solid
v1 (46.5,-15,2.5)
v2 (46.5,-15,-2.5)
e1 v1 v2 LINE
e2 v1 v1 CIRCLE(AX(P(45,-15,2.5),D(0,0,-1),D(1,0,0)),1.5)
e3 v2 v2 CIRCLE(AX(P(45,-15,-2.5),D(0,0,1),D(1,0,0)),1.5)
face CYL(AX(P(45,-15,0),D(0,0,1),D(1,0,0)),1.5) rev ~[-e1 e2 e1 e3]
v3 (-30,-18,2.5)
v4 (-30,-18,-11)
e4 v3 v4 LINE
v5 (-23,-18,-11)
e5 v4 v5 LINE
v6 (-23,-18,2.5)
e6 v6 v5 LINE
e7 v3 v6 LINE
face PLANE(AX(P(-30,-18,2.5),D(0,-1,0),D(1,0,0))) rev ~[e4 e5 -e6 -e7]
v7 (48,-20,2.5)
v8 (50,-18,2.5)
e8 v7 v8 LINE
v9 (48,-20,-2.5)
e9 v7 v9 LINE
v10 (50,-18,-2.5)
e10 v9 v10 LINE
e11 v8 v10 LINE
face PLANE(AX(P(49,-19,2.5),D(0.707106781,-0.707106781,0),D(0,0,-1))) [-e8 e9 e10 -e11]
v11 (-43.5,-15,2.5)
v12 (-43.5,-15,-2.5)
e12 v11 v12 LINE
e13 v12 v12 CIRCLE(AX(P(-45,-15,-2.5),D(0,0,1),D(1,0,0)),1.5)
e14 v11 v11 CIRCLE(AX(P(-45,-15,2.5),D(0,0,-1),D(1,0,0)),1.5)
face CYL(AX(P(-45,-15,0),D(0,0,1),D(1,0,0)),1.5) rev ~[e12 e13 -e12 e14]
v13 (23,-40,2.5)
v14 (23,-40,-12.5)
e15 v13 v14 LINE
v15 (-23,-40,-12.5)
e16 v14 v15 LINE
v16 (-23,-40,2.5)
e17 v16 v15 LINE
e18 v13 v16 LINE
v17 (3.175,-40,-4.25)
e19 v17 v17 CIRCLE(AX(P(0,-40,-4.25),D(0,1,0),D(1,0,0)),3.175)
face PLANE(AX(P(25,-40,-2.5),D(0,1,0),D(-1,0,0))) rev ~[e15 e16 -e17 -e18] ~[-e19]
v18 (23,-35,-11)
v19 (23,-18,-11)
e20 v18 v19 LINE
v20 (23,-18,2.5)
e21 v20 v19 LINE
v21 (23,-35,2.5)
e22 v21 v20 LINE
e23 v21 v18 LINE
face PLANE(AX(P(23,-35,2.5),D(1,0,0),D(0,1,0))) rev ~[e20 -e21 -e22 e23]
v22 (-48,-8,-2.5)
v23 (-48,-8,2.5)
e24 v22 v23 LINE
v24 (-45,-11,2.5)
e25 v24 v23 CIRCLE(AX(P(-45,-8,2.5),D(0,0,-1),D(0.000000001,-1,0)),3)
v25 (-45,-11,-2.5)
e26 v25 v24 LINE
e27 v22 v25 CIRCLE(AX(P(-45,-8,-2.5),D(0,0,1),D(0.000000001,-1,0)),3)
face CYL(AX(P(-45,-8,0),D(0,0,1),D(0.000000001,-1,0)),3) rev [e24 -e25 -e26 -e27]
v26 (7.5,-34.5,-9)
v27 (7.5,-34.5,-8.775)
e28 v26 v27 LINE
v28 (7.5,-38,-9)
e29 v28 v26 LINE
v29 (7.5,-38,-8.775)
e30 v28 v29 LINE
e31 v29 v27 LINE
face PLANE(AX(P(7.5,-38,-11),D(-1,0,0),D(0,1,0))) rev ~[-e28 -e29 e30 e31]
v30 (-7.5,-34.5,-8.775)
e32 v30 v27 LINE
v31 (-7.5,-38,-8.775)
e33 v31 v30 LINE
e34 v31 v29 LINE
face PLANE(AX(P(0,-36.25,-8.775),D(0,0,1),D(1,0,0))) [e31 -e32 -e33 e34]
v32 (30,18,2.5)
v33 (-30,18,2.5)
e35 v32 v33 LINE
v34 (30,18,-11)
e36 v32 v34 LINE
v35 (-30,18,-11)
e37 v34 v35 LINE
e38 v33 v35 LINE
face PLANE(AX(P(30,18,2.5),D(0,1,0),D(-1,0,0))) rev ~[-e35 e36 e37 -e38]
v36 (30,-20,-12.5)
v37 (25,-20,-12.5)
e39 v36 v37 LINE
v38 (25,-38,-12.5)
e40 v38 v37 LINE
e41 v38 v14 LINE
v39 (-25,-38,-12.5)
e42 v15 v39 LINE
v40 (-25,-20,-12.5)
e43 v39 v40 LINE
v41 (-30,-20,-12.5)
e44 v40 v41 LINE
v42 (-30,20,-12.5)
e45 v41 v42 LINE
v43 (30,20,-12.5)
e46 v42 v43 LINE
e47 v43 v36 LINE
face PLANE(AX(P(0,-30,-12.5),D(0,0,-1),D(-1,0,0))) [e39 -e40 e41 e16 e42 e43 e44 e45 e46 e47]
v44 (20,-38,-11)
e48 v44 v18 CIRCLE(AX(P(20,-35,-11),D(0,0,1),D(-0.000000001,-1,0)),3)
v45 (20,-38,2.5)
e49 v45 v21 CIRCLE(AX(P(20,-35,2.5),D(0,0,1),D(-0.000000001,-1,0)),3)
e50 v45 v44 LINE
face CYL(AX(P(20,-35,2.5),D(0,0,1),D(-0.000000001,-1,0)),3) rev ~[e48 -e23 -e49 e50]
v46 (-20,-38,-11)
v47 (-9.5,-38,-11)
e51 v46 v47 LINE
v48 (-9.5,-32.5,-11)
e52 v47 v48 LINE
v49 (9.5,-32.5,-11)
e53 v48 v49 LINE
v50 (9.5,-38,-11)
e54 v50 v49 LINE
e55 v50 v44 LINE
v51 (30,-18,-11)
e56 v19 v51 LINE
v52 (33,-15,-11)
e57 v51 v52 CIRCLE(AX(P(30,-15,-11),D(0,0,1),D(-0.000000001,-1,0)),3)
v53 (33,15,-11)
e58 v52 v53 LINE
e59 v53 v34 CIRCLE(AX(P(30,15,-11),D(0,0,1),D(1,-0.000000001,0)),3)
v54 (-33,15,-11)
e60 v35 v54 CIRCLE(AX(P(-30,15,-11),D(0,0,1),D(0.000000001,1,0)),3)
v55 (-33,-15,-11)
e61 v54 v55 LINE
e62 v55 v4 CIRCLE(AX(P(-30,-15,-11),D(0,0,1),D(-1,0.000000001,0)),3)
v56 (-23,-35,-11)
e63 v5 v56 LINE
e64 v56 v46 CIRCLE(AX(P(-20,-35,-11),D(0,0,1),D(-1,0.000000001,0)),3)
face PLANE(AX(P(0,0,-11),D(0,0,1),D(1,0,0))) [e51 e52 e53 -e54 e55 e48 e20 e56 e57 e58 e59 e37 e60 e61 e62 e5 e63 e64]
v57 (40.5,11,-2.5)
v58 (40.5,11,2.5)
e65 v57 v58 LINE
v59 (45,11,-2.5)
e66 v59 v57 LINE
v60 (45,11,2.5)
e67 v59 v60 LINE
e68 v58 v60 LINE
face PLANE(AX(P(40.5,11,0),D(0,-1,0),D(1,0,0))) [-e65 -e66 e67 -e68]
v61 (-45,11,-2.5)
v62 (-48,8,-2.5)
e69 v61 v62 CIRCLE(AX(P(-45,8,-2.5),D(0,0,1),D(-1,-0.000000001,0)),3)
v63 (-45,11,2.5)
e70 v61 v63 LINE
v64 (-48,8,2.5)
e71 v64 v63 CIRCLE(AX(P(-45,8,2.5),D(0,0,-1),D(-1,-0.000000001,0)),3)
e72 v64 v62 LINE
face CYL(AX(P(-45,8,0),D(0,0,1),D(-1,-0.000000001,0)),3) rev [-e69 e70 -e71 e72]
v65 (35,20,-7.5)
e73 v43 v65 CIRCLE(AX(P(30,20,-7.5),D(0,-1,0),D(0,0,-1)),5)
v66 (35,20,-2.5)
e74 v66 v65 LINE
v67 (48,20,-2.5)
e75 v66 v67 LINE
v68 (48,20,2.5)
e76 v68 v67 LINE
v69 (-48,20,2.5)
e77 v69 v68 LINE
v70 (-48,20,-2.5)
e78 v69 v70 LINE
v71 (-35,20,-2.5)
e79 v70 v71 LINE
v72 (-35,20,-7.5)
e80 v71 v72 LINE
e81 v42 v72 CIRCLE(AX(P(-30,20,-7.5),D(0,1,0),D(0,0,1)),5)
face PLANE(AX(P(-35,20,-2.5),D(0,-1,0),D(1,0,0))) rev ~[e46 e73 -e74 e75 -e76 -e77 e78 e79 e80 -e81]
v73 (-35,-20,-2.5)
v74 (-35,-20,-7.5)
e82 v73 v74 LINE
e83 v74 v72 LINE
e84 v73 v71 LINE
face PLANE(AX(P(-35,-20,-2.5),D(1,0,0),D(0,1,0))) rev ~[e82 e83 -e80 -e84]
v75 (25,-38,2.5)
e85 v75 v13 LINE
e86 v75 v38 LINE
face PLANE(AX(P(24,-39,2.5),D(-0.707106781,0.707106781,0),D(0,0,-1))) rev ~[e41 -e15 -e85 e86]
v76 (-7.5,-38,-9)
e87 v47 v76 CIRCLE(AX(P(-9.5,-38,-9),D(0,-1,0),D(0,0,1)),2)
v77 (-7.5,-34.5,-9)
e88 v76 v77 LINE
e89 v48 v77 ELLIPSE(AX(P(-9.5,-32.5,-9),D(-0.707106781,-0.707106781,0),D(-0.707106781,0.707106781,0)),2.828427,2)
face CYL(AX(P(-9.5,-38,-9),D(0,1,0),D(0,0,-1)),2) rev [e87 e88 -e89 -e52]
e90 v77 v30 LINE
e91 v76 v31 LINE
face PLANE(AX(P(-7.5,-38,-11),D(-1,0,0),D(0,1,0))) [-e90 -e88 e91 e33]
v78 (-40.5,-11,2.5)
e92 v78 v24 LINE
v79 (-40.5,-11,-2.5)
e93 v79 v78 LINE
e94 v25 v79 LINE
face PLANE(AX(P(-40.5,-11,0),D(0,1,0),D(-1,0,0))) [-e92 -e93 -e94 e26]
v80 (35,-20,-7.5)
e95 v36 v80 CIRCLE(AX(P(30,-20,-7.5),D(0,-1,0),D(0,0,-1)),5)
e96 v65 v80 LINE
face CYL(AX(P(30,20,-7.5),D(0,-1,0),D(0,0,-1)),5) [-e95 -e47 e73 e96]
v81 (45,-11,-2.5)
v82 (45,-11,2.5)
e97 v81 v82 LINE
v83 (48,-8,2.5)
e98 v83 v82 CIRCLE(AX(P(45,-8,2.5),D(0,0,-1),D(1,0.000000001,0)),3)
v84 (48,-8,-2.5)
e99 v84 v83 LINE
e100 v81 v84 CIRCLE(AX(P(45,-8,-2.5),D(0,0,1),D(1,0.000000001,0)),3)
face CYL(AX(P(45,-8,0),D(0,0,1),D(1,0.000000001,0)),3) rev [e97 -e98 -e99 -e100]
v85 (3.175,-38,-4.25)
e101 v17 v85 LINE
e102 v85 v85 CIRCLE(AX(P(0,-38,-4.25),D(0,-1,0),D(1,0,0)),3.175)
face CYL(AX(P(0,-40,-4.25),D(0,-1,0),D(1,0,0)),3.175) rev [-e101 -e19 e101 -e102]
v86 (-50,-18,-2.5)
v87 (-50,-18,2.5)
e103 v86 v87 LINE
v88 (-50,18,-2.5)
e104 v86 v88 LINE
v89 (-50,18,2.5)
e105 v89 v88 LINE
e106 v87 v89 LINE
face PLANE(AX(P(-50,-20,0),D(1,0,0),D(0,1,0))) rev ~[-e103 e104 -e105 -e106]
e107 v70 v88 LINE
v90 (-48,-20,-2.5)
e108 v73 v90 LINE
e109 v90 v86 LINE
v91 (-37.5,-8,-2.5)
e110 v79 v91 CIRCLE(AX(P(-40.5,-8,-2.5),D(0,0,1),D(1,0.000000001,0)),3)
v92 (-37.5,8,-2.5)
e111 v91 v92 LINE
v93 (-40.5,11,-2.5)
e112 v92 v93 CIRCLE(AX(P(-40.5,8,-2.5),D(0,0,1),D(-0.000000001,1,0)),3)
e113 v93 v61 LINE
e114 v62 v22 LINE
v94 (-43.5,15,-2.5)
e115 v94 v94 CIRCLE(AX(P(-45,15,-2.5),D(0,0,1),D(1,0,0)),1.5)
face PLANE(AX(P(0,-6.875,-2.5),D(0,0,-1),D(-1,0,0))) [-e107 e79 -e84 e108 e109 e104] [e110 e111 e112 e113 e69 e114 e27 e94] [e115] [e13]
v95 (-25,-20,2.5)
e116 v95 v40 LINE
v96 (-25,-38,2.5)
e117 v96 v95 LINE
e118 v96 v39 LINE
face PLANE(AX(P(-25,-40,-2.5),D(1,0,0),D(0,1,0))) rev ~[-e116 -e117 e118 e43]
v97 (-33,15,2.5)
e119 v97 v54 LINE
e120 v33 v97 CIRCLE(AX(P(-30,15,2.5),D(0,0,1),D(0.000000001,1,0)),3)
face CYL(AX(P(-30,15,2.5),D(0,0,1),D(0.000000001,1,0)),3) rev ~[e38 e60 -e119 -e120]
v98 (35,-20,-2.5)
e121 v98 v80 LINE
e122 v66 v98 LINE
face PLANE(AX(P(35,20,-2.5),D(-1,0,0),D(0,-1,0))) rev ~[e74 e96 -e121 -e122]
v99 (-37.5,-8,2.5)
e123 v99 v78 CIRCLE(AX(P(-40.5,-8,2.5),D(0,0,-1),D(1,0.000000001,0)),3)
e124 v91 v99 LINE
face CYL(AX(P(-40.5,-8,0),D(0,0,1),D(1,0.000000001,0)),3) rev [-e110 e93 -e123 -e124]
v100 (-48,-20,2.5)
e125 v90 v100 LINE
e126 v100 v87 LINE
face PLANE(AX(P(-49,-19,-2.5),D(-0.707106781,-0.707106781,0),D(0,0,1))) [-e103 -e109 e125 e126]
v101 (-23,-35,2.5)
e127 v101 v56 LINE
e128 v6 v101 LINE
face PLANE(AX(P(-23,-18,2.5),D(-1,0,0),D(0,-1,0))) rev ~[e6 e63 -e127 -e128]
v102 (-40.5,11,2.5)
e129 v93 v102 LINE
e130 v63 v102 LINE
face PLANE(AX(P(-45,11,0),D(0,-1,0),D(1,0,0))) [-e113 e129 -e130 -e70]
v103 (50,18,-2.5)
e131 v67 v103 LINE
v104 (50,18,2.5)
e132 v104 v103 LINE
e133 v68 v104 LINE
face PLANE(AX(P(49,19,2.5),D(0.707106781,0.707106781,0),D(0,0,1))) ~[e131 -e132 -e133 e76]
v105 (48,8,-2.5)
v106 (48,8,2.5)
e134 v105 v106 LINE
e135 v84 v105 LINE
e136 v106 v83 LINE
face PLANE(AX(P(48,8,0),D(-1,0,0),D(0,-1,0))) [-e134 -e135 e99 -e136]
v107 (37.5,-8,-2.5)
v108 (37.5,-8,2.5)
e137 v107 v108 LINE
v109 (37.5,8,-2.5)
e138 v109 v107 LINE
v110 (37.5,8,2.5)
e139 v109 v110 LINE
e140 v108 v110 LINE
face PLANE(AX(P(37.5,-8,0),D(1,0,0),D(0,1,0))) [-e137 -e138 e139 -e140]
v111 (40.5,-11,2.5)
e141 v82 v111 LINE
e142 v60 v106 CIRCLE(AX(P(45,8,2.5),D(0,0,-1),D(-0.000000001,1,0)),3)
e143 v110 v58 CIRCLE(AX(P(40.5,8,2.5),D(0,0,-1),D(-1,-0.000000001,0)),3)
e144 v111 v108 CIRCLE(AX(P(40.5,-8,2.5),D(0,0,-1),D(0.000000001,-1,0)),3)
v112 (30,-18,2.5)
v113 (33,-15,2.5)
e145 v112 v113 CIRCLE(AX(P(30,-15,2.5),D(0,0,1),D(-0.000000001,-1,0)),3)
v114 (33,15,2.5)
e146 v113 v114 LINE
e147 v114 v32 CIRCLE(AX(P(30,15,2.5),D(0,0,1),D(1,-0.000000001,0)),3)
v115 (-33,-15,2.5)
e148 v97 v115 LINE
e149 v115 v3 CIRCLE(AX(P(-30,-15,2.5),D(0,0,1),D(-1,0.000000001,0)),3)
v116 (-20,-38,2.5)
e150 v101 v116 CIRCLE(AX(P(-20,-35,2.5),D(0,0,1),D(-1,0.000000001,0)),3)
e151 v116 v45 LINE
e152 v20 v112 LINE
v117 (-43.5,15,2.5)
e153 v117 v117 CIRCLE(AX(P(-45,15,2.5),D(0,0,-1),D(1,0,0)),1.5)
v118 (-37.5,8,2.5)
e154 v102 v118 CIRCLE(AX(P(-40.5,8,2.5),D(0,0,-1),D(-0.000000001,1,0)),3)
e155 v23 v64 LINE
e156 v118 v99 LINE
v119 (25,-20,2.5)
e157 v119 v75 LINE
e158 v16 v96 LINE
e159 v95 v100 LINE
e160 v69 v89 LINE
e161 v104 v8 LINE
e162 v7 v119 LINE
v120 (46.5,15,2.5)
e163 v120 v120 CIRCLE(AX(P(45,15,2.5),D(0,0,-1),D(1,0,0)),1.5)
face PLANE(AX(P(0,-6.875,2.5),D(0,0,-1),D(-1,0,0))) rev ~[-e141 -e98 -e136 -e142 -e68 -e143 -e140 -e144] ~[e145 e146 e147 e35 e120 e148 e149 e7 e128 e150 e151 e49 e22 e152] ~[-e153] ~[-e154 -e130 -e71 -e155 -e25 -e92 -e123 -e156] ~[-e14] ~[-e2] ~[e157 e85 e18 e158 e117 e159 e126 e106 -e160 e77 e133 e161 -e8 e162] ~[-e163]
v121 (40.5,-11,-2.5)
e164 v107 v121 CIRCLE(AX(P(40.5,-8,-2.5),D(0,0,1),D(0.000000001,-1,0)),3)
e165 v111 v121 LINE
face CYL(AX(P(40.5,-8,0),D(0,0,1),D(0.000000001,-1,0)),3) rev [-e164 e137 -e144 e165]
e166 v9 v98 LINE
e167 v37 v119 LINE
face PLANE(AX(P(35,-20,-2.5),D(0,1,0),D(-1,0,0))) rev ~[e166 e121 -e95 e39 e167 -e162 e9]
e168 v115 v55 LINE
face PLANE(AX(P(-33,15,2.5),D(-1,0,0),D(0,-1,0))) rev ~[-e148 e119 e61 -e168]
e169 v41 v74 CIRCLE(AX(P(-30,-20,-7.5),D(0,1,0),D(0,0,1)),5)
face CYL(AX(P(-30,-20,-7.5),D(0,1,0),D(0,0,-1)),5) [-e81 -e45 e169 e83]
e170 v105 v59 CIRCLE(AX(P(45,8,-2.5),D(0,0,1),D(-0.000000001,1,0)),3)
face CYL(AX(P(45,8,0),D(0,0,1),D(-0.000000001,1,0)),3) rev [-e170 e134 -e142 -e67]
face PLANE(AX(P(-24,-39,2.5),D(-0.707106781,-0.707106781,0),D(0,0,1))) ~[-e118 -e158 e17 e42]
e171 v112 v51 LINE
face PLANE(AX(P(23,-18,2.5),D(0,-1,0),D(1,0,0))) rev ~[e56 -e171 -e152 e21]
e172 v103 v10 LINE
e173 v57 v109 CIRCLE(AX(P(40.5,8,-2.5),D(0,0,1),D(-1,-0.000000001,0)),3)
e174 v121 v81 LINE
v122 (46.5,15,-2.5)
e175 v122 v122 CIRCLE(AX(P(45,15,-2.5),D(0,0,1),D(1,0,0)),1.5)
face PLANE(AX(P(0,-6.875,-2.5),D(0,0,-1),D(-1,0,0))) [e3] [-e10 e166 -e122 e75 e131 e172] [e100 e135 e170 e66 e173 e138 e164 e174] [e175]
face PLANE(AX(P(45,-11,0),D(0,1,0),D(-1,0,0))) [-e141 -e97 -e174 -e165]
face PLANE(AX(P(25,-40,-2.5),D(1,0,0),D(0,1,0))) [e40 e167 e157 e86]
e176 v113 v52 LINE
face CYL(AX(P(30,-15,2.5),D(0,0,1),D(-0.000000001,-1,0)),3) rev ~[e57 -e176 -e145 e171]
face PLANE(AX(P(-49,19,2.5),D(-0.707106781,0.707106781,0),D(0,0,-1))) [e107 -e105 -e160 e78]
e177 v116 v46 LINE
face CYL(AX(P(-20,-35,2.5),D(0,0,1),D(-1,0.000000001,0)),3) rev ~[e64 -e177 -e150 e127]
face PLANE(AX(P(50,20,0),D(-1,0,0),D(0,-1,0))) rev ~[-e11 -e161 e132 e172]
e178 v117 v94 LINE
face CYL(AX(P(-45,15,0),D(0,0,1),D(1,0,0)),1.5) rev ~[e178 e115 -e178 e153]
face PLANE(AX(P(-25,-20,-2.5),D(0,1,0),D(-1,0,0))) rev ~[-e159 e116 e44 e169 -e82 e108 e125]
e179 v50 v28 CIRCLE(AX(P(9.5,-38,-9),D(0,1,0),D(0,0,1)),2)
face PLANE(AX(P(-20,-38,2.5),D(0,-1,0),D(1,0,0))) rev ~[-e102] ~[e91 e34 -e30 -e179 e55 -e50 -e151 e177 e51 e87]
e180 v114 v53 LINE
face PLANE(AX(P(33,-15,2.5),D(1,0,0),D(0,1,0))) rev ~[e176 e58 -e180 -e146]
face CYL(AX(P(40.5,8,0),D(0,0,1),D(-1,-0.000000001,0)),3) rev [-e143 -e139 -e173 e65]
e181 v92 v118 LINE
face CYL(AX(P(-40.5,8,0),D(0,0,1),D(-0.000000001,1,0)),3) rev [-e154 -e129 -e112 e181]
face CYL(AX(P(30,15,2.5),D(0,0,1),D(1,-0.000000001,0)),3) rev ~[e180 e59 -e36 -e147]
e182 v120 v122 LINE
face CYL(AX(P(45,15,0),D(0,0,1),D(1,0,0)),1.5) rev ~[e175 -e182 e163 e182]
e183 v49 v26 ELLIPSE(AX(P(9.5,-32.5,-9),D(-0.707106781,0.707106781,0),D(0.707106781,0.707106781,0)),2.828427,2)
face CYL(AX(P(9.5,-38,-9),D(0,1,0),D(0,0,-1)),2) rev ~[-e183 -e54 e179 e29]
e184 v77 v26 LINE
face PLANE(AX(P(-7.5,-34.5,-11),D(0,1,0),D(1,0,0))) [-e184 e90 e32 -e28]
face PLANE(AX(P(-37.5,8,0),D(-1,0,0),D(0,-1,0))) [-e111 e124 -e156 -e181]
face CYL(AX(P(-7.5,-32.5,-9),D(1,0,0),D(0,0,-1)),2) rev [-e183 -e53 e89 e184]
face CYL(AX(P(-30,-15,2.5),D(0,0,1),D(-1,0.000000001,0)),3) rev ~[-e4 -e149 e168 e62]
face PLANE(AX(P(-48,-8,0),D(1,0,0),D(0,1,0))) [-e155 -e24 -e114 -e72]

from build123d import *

# Parameters (mm, degrees)
AUFSATZ_LINEAR_AUSTRAGEN1_DEPTH      = 2.5
AUFSATZ_LINEAR_AUSTRAGEN1_DEPTH_BACK = 2.5
SKIZZE2_R                            = 1.5
SCHNITT_LINEAR_AUSTRAGEN1_DEPTH      = 3.5
SCHNITT_LINEAR_AUSTRAGEN1_DEPTH_BACK = 3.5
SCHNITT_LINEAR_AUSTRAGEN2_DEPTH      = 3.5
SCHNITT_LINEAR_AUSTRAGEN2_DEPTH_BACK = 3.5
SKIZZE7_W                            = 50
SKIZZE7_H                            = 20
AUFSATZ_LINEAR_AUSTRAGEN3_DEPTH      = 10
SCHNITT_LINEAR_AUSTRAGEN6_DEPTH      = 13.5
FASE1_SIZE                           = 2
SKETCH1_R                            = 3.175
CUT_EXTRUDE1_DEPTH                   = 10
SKETCH2_W                            = 15
SKETCH2_H                            = 3.5
BOSS_EXTRUDE1_DEPTH                  = 2.225
FILLET2_R                            = 5
FILLET1_R                            = 2


with BuildPart() as part:
    # Skizze1 → Aufsatz-Linear austragen1 (new body, two sides)
    with BuildSketch(Plane.XY) as aufsatz_linear_austragen1_sk:
        Polygon((-50, -20), (-50, 20), (50, 20), (50, -20), (25, -20), (25, -40), (-25, -40), (-25, -20), align=None)
    extrude(amount=AUFSATZ_LINEAR_AUSTRAGEN1_DEPTH)
    extrude(aufsatz_linear_austragen1_sk.sketch, amount=-AUFSATZ_LINEAR_AUSTRAGEN1_DEPTH_BACK)

    # Skizze2 → Schnitt-Linear austragen1 (cut, two sides)
    with BuildSketch(Plane.XY) as schnitt_linear_austragen1_sk:
        with Locations((-45, 15)):
            Circle(SKIZZE2_R)
        with Locations((-45, -15)):
            Circle(SKIZZE2_R)
        with Locations((45, -15)):
            Circle(SKIZZE2_R)
        with Locations((45, 15)):
            Circle(SKIZZE2_R)
    extrude(amount=SCHNITT_LINEAR_AUSTRAGEN1_DEPTH, mode=Mode.SUBTRACT)
    extrude(schnitt_linear_austragen1_sk.sketch, amount=-SCHNITT_LINEAR_AUSTRAGEN1_DEPTH_BACK, mode=Mode.SUBTRACT)

    # Skizze4 → Schnitt-Linear austragen2 (cut, two sides)
    with BuildSketch(Plane.XY) as schnitt_linear_austragen2_sk:
        with BuildLine():
            Line((-48, -8), (-48, 8))
            ThreePointArc((-48, 8), (-47.121320344, 10.121320344), (-45, 11))
            Line((-45, 11), (-40.5, 11))
            ThreePointArc((-40.5, 11), (-38.378679656, 10.121320344), (-37.5, 8))
            Line((-37.5, 8), (-37.5, -8))
            ThreePointArc((-37.5, -8), (-38.378679656, -10.121320344), (-40.5, -11))
            Line((-40.5, -11), (-45, -11))
            ThreePointArc((-45, -11), (-47.121320344, -10.121320344), (-48, -8))
        make_face()
        with BuildLine():
            Line((45, -11), (40.5, -11))
            ThreePointArc((40.5, -11), (38.378679656, -10.121320344), (37.5, -8))
            Line((37.5, -8), (37.5, 8))
            ThreePointArc((37.5, 8), (38.378679656, 10.121320344), (40.5, 11))
            Line((40.5, 11), (45, 11))
            ThreePointArc((45, 11), (47.121320344, 10.121320344), (48, 8))
            Line((48, 8), (48, -8))
            ThreePointArc((48, -8), (47.121320344, -10.121320344), (45, -11))
        make_face()
    extrude(amount=SCHNITT_LINEAR_AUSTRAGEN2_DEPTH, mode=Mode.SUBTRACT)
    extrude(schnitt_linear_austragen2_sk.sketch, amount=-SCHNITT_LINEAR_AUSTRAGEN2_DEPTH_BACK, mode=Mode.SUBTRACT)

    # Skizze7 → Aufsatz-Linear austragen3 (add)
    with BuildSketch(Plane(origin=(0, 0, -2.5), x_dir=(-1, 0, 0), z_dir=(0, 0, -1))):
        with Locations((0, -30)):
            Rectangle(SKIZZE7_W, SKIZZE7_H)
        Polygon((35, 20), (-35, 20), (-35, -20), (-25, -20), (25, -20), (35, -20), align=None)
    extrude(amount=AUFSATZ_LINEAR_AUSTRAGEN3_DEPTH)

    # Skizze8 → Schnitt-Linear austragen6 (cut)
    with BuildSketch(Plane.XY.offset(2.5)):
        with BuildLine():
            Line((30, 18), (-30, 18))
            ThreePointArc((-30, 18), (-32.121320344, 17.121320344), (-33, 15))
            Line((-33, 15), (-33, -15))
            ThreePointArc((-33, -15), (-32.121320344, -17.121320344), (-30, -18))
            Line((-30, -18), (30, -18))
            ThreePointArc((30, -18), (32.121320344, -17.121320344), (33, -15))
            Line((33, -15), (33, 15))
            ThreePointArc((33, 15), (32.121320344, 17.121320344), (30, 18))
        make_face()
        with BuildLine():
            Line((23, -18), (-23, -18))
            Line((-23, -18), (-23, -35))
            ThreePointArc((-23, -35), (-22.121320344, -37.121320344), (-20, -38))
            Line((-20, -38), (20, -38))
            ThreePointArc((20, -38), (22.121320344, -37.121320344), (23, -35))
            Line((23, -35), (23, -18))
        make_face()
    extrude(amount=-SCHNITT_LINEAR_AUSTRAGEN6_DEPTH, mode=Mode.SUBTRACT)

    # Fase1
    fase1_edges = [part.edges().sort_by_distance(p)[0] for p in [
        (-50, -20, 0),
        (-50, 20, 0),
        (50, 20, 0),
        (50, -20, 0),
        (25, -40, -5),
        (-25, -40, -5),
    ]]
    chamfer(fase1_edges, length=FASE1_SIZE)

    # Sketch1 → Cut-Extrude1 (cut)
    with BuildSketch(Plane(origin=(0, -40, 0), x_dir=(1, 0, 0), z_dir=(0, 1, 0))):
        with Locations((0, 4.25)):
            Circle(SKETCH1_R)
    extrude(amount=CUT_EXTRUDE1_DEPTH, mode=Mode.SUBTRACT)

    # Sketch2 → Boss-Extrude1 (add)
    with BuildSketch(Plane.XY.offset(-11)):
        with Locations((0, -36.25)):
            Rectangle(SKETCH2_W, SKETCH2_H)
    extrude(amount=BOSS_EXTRUDE1_DEPTH)

    # Fillet2
    fillet2_edges = [part.edges().sort_by_distance(p)[0] for p in [
        (-35, 0, -12.5),
        (35, 0, -12.5),
    ]]
    fillet(fillet2_edges, radius=FILLET2_R)

    # Fillet1
    fillet1_edges = [part.edges().sort_by_distance(p)[0] for p in [
        (-7.5, -36.25, -11),
        (7.5, -36.25, -11),
        (0, -34.5, -11),
    ]]
    fillet(fillet1_edges, radius=FILLET1_R)


solid = part.part
